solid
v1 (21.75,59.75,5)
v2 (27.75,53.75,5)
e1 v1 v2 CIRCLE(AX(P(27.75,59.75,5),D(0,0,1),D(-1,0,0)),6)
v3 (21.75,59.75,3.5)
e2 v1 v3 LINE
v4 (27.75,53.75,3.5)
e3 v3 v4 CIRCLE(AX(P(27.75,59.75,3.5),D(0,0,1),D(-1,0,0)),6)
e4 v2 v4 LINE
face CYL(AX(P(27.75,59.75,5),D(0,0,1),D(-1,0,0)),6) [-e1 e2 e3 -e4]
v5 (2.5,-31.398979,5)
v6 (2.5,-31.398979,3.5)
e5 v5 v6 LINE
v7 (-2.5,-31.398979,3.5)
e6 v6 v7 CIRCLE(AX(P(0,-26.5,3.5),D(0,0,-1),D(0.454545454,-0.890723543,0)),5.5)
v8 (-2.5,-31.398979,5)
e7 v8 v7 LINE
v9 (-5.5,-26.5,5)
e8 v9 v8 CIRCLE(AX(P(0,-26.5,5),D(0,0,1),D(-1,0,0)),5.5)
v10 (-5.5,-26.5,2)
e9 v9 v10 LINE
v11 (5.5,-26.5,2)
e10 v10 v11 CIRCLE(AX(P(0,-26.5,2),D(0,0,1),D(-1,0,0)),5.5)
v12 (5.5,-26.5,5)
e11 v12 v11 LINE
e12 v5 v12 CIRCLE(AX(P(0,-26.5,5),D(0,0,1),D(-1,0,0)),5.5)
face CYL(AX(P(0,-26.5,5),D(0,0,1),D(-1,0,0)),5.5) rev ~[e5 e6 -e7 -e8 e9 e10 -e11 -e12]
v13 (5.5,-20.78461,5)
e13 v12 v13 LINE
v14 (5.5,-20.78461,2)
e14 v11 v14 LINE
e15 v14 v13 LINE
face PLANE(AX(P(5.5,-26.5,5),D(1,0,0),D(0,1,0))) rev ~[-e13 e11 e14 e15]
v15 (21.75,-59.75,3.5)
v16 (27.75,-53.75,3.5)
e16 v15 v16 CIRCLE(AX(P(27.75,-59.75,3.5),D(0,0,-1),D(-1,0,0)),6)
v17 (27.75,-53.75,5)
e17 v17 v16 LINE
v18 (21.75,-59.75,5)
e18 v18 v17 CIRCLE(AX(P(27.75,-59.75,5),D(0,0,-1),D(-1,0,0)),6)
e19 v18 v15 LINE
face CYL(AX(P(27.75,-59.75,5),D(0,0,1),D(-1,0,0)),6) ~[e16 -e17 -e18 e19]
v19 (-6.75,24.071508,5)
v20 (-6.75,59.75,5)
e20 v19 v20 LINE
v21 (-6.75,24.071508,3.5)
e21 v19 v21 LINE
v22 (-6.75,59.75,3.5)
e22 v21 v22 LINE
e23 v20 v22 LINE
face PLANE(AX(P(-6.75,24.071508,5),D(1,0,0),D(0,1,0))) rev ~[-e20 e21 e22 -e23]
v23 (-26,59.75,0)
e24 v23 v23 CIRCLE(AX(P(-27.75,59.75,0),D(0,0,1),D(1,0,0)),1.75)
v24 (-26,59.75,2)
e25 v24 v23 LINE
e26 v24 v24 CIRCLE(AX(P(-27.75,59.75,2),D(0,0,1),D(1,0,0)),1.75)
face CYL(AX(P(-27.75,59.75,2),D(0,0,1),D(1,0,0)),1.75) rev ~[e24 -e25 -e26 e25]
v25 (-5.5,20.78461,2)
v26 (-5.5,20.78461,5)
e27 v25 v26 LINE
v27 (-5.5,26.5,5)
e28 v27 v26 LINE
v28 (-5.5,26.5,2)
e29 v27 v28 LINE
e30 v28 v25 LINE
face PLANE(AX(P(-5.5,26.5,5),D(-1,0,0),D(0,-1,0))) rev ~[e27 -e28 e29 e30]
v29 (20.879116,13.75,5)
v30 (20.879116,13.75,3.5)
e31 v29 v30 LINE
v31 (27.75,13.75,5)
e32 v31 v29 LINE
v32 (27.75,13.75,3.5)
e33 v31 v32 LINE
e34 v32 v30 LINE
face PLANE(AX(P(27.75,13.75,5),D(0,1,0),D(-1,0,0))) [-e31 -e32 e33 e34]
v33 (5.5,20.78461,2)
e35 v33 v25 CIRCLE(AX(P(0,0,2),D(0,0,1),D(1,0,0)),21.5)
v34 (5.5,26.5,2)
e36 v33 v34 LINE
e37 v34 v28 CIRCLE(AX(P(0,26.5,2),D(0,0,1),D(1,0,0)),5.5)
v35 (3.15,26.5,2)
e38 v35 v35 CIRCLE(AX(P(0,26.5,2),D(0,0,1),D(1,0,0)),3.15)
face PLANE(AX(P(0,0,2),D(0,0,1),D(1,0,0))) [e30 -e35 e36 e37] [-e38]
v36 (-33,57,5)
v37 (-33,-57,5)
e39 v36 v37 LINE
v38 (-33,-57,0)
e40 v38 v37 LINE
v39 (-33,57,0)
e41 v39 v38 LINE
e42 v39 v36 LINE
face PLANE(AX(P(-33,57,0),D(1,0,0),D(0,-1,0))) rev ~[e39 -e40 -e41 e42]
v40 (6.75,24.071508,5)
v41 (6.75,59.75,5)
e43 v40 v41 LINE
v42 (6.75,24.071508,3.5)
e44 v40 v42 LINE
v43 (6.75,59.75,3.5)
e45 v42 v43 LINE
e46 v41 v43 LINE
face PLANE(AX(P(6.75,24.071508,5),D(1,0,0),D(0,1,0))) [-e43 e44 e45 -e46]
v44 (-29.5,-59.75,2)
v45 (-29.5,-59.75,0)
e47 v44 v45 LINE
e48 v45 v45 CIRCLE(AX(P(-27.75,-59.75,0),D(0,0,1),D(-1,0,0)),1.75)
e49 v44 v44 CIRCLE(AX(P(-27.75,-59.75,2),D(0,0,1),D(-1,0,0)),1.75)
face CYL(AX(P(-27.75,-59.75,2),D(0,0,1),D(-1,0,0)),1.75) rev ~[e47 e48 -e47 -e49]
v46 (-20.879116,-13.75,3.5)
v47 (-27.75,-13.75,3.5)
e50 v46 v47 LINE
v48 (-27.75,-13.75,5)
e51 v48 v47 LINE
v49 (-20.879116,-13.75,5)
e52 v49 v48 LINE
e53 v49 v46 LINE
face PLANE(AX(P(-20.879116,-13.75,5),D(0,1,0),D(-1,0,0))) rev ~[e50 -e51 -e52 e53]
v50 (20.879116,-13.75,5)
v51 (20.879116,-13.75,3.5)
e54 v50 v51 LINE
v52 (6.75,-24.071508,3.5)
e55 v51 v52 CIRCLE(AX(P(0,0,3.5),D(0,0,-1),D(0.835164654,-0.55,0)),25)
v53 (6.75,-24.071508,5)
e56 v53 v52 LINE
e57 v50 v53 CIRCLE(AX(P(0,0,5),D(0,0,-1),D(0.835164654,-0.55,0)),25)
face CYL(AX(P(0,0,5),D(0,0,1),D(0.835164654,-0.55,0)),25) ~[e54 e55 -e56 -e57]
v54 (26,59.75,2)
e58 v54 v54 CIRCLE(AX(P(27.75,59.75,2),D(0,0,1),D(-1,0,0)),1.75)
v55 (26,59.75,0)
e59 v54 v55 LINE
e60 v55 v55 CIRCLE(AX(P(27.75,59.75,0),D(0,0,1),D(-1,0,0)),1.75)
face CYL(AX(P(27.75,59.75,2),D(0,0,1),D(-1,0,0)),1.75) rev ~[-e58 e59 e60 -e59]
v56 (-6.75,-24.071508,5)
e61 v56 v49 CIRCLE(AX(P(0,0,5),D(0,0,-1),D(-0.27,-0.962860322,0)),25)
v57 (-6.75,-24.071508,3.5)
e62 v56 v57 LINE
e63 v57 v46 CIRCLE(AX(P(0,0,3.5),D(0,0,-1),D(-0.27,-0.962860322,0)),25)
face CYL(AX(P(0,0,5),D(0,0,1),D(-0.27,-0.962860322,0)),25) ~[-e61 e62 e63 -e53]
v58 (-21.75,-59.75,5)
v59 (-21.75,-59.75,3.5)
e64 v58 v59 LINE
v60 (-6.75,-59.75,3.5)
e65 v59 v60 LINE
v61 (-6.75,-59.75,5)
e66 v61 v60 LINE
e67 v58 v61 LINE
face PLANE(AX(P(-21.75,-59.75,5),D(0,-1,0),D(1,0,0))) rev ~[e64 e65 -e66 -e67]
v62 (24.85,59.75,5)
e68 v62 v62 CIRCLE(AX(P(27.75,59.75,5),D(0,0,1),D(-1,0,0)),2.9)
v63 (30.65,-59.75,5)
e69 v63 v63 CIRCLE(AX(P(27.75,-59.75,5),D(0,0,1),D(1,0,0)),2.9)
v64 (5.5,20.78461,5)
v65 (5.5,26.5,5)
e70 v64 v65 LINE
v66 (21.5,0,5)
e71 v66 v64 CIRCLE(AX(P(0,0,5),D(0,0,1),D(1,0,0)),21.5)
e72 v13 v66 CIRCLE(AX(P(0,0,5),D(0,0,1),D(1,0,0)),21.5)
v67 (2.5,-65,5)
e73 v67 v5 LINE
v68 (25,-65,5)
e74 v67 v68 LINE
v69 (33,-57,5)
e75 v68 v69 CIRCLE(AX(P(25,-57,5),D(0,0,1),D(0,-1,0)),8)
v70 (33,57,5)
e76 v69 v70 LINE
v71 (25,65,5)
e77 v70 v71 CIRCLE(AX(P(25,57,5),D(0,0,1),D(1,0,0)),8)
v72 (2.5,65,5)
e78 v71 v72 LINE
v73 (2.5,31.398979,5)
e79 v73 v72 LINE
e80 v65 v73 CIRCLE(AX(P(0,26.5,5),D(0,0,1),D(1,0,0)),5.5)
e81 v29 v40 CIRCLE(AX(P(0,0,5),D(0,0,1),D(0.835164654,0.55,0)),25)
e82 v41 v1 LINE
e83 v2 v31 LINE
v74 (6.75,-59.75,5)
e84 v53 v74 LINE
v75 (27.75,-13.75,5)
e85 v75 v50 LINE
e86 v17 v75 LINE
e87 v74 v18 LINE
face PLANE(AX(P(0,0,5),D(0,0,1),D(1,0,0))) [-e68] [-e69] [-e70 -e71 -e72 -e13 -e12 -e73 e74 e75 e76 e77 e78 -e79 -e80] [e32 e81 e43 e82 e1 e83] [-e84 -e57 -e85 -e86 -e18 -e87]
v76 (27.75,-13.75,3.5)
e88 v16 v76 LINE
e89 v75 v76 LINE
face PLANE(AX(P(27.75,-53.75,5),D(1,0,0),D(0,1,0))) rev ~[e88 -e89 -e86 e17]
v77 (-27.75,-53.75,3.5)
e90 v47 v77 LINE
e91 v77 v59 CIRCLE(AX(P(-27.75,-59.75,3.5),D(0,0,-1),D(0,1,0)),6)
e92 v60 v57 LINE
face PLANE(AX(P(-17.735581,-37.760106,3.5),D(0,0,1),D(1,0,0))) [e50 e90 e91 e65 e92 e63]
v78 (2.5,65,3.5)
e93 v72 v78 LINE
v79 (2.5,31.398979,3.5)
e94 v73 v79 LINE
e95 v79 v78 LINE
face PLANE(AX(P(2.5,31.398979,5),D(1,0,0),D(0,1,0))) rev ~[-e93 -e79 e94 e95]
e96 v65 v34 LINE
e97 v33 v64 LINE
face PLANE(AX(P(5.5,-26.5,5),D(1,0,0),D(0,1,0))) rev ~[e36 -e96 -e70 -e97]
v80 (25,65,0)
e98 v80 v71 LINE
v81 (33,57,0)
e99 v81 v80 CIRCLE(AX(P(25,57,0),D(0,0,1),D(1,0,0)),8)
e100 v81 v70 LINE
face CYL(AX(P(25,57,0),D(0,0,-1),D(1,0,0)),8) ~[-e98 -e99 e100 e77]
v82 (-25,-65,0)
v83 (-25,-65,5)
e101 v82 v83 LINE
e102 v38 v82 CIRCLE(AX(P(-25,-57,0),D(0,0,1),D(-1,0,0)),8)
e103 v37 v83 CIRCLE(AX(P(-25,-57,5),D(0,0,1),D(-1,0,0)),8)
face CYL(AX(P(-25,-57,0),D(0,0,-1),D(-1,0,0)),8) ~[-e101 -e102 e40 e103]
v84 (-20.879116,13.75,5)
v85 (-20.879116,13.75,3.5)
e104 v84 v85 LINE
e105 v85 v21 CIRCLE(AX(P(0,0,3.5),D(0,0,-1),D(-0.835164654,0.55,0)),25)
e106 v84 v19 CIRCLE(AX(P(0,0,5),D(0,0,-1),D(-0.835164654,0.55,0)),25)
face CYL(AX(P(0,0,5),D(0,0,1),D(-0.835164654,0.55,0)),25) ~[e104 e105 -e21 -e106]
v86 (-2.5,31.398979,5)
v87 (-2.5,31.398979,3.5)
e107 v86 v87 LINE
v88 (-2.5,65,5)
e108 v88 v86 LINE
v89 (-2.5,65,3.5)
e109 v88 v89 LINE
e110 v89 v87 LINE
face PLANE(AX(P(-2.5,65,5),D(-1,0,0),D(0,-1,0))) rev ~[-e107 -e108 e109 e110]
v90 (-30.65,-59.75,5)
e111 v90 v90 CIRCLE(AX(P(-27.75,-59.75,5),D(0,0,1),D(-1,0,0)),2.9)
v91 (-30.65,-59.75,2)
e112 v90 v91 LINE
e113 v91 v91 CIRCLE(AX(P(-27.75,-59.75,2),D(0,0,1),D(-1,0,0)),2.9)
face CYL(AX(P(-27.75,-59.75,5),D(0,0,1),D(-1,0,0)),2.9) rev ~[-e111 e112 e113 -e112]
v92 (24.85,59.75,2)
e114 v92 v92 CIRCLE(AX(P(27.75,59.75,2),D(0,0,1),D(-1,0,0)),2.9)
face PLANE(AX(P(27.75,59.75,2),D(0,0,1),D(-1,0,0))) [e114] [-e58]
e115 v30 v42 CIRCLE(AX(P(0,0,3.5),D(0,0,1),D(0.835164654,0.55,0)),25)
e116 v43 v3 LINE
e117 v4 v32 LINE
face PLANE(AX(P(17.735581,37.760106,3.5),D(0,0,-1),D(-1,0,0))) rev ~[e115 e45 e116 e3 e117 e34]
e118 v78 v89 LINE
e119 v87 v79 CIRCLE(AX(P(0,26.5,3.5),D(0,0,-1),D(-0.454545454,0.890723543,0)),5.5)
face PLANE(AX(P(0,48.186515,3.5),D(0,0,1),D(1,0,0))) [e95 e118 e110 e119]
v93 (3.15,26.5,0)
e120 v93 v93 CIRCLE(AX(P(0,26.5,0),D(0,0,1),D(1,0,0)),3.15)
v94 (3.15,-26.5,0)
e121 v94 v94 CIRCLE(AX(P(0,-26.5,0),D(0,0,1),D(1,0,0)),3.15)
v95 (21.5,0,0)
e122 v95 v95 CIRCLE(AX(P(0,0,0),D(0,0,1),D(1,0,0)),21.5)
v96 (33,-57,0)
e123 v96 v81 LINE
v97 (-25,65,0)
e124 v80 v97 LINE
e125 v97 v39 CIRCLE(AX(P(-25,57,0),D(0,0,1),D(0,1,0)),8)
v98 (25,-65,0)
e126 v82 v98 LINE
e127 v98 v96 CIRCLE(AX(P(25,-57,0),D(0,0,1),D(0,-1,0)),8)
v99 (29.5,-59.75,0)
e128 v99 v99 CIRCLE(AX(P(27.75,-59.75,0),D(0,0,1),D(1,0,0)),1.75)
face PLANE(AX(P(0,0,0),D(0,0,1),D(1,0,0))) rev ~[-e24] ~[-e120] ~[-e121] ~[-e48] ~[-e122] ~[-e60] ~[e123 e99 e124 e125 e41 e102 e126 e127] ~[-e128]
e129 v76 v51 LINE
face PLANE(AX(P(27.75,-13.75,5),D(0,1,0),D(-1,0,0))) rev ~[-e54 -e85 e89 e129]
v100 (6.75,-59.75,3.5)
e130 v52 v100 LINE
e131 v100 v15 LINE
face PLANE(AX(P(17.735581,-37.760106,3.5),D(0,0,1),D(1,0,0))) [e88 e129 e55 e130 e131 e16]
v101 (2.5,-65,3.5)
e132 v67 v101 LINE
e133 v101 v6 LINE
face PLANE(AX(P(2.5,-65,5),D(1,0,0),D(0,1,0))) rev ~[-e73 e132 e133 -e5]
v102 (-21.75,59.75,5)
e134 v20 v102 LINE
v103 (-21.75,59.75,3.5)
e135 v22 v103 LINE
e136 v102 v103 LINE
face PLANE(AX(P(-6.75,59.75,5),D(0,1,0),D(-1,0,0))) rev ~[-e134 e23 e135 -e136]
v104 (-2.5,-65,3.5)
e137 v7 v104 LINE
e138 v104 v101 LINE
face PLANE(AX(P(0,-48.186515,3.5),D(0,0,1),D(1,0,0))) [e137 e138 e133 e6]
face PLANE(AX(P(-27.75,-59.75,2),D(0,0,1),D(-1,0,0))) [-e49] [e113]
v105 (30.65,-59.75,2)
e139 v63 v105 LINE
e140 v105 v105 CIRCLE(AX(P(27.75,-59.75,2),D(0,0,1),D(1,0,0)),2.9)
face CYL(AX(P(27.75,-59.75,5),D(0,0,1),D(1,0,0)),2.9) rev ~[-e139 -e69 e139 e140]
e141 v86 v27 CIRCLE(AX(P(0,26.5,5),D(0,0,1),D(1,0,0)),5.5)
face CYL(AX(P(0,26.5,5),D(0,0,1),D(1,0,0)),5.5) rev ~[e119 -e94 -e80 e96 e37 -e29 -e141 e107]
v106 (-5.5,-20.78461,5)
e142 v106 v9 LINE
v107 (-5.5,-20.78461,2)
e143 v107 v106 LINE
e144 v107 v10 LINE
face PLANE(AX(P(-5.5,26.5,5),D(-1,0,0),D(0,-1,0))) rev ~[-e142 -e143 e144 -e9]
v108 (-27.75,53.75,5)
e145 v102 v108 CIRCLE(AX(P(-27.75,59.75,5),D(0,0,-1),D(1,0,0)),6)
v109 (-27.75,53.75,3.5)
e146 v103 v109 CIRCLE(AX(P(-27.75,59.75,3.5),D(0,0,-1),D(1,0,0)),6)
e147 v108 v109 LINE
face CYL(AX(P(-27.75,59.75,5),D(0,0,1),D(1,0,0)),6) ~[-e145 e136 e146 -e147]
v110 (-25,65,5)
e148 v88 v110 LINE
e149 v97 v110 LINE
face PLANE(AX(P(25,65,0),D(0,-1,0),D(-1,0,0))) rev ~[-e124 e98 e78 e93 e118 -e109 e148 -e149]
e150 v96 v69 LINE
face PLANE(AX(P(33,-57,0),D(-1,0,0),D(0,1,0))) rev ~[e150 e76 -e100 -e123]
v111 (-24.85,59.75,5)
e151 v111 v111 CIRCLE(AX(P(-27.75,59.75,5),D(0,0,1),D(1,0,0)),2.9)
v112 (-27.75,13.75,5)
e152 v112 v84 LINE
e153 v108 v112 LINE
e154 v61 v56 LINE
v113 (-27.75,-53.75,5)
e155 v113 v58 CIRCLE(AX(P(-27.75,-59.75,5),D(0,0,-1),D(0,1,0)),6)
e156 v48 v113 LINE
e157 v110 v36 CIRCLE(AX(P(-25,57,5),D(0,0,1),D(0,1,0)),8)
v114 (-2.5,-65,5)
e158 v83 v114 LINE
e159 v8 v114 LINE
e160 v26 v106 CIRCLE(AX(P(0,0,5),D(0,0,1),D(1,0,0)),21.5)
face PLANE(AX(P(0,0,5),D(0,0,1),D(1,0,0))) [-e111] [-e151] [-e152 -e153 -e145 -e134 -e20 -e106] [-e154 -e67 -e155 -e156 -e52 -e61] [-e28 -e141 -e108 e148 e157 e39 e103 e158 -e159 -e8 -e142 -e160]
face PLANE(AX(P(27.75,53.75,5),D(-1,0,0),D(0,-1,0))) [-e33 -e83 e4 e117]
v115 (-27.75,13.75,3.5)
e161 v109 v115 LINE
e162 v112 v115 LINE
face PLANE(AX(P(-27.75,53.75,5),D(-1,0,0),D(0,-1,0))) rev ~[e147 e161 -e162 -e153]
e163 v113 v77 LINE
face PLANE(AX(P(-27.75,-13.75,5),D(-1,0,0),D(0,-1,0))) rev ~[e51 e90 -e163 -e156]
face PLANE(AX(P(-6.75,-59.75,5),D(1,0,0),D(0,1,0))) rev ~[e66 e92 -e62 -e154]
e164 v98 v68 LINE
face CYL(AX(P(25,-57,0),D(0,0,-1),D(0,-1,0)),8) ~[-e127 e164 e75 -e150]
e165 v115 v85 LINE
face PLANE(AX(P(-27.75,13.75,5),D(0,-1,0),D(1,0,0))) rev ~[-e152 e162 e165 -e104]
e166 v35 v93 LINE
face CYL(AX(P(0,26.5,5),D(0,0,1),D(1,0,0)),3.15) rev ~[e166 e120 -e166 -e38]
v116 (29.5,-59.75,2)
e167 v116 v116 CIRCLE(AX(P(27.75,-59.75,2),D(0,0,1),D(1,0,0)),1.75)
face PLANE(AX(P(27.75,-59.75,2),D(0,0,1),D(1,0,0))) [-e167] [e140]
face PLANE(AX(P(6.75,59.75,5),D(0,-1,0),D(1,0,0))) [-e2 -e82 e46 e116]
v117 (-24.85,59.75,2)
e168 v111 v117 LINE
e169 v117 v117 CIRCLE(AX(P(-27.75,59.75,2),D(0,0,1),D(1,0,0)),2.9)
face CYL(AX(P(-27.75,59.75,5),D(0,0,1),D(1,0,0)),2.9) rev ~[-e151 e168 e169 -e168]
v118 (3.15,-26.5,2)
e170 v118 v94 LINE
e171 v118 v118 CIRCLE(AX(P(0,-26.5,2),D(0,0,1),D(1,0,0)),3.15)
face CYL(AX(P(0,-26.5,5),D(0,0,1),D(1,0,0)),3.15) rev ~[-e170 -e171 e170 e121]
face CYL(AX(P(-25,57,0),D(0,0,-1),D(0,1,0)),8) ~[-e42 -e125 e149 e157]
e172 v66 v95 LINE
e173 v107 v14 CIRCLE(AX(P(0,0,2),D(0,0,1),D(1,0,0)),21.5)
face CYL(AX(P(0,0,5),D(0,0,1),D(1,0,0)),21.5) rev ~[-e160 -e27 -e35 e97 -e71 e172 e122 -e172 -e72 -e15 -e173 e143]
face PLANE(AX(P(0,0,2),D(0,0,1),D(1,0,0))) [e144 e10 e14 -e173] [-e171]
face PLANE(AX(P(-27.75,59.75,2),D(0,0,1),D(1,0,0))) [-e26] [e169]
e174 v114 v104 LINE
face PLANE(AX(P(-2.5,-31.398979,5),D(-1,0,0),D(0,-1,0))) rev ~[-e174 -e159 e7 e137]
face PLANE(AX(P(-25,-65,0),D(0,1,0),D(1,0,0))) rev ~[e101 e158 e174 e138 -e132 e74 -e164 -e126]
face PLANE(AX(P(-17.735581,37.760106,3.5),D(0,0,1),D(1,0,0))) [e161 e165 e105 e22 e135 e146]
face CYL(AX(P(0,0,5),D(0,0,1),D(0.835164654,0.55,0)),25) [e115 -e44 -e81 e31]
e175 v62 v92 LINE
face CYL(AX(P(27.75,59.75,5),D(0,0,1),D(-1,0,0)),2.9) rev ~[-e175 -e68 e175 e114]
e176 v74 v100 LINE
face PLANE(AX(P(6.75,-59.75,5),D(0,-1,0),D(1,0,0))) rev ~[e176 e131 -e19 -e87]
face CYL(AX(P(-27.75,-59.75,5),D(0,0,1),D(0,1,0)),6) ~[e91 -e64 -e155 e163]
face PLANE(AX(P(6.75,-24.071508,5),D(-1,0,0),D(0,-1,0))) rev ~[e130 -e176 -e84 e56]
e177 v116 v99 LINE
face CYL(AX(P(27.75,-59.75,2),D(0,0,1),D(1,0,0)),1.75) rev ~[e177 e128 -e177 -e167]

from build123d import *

# Parameters (mm, degrees)
BOSS_EXTRUDE1_DEPTH = 5
SKETCH2_R           = 21.5
CUT_EXTRUDE1_DEPTH  = 74.068461049
SKETCH3_R           = 3.15
CUT_EXTRUDE2_DEPTH  = 74.068461049
SKETCH12_R          = 2.9
CUT_EXTRUDE3_DEPTH  = 3
SKETCH13_R          = 1.75
CUT_EXTRUDE4_DEPTH  = 73.958892535
CUT_EXTRUDE5_DEPTH  = 3
CUT_EXTRUDE6_DEPTH  = 1.5


with BuildPart() as part:
    # Sketch1 → Boss-Extrude1 (new body)
    with BuildSketch(Plane.XY):
        with BuildLine():
            Line((25, 65), (-25, 65))
            ThreePointArc((-25, 65), (-30.656854249, 62.656854249), (-33, 57))
            Line((-33, 57), (-33, -57))
            ThreePointArc((-33, -57), (-30.656854249, -62.656854249), (-25, -65))
            Line((-25, -65), (25, -65))
            ThreePointArc((25, -65), (30.656854249, -62.656854249), (33, -57))
            Line((33, -57), (33, 57))
            ThreePointArc((33, 57), (30.656854249, 62.656854249), (25, 65))
        make_face()
    extrude(amount=BOSS_EXTRUDE1_DEPTH)

    # Sketch2 → Cut-Extrude1 (cut, through all)
    with BuildSketch(Plane.XY.offset(5)):
        Circle(SKETCH2_R)
    extrude(amount=-CUT_EXTRUDE1_DEPTH, mode=Mode.SUBTRACT)

    # Sketch3 → Cut-Extrude2 (cut, through all)
    with BuildSketch(Plane.XY.offset(5)):
        with Locations((0, 26.5)):
            Circle(SKETCH3_R)
        with Locations((0, -26.5)):
            Circle(SKETCH3_R)
    extrude(amount=-CUT_EXTRUDE2_DEPTH, mode=Mode.SUBTRACT)

    # Sketch12 → Cut-Extrude3 (cut)
    with BuildSketch(Plane.XY.offset(5)):
        with Locations((-27.75, 59.75)):
            Circle(SKETCH12_R)
        with Locations(Location((27.75, 59.75, 0), (0, 0, 180))):
            Circle(SKETCH12_R)
        with Locations(Location((-27.75, -59.75, 0), (0, 0, 180))):
            Circle(SKETCH12_R)
        with Locations((27.75, -59.75)):
            Circle(SKETCH12_R)
    extrude(amount=-CUT_EXTRUDE3_DEPTH, mode=Mode.SUBTRACT)

    # Sketch13 → Cut-Extrude4 (cut, through all)
    with BuildSketch(Plane.XY.offset(2)):
        with Locations((-27.75, 59.75)):
            Circle(SKETCH13_R)
        with Locations(Location((27.75, 59.75, 0), (0, 0, 180))):
            Circle(SKETCH13_R)
        with Locations((27.75, -59.75)):
            Circle(SKETCH13_R)
        with Locations(Location((-27.75, -59.75, 0), (0, 0, 180))):
            Circle(SKETCH13_R)
    extrude(amount=-CUT_EXTRUDE4_DEPTH, mode=Mode.SUBTRACT)

    # Sketch14 → Cut-Extrude5 (cut)
    with BuildSketch(Plane.XY.offset(5)):
        with BuildLine():
            Line((-5.5, 26.5), (-5.5, -26.5))
            ThreePointArc((-5.5, -26.5), (0, -32), (5.5, -26.5))
            Line((5.5, -26.5), (5.5, 26.5))
            ThreePointArc((5.5, 26.5), (0, 32), (-5.5, 26.5))
        make_face()
    extrude(amount=-CUT_EXTRUDE5_DEPTH, mode=Mode.SUBTRACT)

    # Sketch15 → Cut-Extrude6 (cut)
    with BuildSketch(Plane.XY.offset(5)):
        with BuildLine():
            Line((-2.5, 65), (-2.5, 31.398979486))
            ThreePointArc((-2.5, 31.398979486), (0, 32), (2.5, 31.398979486))
            Line((2.5, 31.398979486), (2.5, 65))
            Line((2.5, 65), (-2.5, 65))
        make_face()
        with BuildLine():
            Line((-27.75, 13.75), (-20.879116361, 13.75))
            ThreePointArc((-20.879116361, 13.75), (-14.747047157, 20.187238547), (-6.75, 24.071508054))
            Line((-6.75, 24.071508054), (-6.75, 59.75))
            Line((-6.75, 59.75), (-21.75, 59.75))
            ThreePointArc((-21.75, 59.75), (-23.507359313, 55.507359313), (-27.75, 53.75))
            Line((-27.75, 53.75), (-27.75, 13.75))
        make_face()
        with BuildLine():
            Line((27.75, 13.75), (20.879116361, 13.75))
            ThreePointArc((20.879116361, 13.75), (14.747047157, 20.187238547), (6.75, 24.071508054))
            Line((6.75, 24.071508054), (6.75, 59.75))
            Line((6.75, 59.75), (21.75, 59.75))
            ThreePointArc((21.75, 59.75), (23.507359313, 55.507359313), (27.75, 53.75))
            Line((27.75, 53.75), (27.75, 13.75))
        make_face()
        with BuildLine():
            Line((27.75, -53.75), (27.75, -13.75))
            Line((27.75, -13.75), (20.879116361, -13.75))
            ThreePointArc((20.879116361, -13.75), (14.747047157, -20.187238547), (6.75, -24.071508054))
            Line((6.75, -24.071508054), (6.75, -59.75))
            Line((6.75, -59.75), (21.75, -59.75))
            ThreePointArc((21.75, -59.75), (23.507359313, -55.507359313), (27.75, -53.75))
        make_face()
        with BuildLine():
            Line((2.5, -65), (2.5, -31.398979486))
            ThreePointArc((2.5, -31.398979486), (0, -32), (-2.5, -31.398979486))
            Line((-2.5, -31.398979486), (-2.5, -65))
            Line((-2.5, -65), (2.5, -65))
        make_face()
        with BuildLine():
            Line((-6.75, -59.75), (-6.75, -24.071508054))
            ThreePointArc((-6.75, -24.071508054), (-14.747047157, -20.187238547), (-20.879116361, -13.75))
            Line((-20.879116361, -13.75), (-27.75, -13.75))
            Line((-27.75, -13.75), (-27.75, -53.75))
            ThreePointArc((-27.75, -53.75), (-23.507359313, -55.507359313), (-21.75, -59.75))
            Line((-21.75, -59.75), (-6.75, -59.75))
        make_face()
    extrude(amount=-CUT_EXTRUDE6_DEPTH, mode=Mode.SUBTRACT)


solid = part.part
